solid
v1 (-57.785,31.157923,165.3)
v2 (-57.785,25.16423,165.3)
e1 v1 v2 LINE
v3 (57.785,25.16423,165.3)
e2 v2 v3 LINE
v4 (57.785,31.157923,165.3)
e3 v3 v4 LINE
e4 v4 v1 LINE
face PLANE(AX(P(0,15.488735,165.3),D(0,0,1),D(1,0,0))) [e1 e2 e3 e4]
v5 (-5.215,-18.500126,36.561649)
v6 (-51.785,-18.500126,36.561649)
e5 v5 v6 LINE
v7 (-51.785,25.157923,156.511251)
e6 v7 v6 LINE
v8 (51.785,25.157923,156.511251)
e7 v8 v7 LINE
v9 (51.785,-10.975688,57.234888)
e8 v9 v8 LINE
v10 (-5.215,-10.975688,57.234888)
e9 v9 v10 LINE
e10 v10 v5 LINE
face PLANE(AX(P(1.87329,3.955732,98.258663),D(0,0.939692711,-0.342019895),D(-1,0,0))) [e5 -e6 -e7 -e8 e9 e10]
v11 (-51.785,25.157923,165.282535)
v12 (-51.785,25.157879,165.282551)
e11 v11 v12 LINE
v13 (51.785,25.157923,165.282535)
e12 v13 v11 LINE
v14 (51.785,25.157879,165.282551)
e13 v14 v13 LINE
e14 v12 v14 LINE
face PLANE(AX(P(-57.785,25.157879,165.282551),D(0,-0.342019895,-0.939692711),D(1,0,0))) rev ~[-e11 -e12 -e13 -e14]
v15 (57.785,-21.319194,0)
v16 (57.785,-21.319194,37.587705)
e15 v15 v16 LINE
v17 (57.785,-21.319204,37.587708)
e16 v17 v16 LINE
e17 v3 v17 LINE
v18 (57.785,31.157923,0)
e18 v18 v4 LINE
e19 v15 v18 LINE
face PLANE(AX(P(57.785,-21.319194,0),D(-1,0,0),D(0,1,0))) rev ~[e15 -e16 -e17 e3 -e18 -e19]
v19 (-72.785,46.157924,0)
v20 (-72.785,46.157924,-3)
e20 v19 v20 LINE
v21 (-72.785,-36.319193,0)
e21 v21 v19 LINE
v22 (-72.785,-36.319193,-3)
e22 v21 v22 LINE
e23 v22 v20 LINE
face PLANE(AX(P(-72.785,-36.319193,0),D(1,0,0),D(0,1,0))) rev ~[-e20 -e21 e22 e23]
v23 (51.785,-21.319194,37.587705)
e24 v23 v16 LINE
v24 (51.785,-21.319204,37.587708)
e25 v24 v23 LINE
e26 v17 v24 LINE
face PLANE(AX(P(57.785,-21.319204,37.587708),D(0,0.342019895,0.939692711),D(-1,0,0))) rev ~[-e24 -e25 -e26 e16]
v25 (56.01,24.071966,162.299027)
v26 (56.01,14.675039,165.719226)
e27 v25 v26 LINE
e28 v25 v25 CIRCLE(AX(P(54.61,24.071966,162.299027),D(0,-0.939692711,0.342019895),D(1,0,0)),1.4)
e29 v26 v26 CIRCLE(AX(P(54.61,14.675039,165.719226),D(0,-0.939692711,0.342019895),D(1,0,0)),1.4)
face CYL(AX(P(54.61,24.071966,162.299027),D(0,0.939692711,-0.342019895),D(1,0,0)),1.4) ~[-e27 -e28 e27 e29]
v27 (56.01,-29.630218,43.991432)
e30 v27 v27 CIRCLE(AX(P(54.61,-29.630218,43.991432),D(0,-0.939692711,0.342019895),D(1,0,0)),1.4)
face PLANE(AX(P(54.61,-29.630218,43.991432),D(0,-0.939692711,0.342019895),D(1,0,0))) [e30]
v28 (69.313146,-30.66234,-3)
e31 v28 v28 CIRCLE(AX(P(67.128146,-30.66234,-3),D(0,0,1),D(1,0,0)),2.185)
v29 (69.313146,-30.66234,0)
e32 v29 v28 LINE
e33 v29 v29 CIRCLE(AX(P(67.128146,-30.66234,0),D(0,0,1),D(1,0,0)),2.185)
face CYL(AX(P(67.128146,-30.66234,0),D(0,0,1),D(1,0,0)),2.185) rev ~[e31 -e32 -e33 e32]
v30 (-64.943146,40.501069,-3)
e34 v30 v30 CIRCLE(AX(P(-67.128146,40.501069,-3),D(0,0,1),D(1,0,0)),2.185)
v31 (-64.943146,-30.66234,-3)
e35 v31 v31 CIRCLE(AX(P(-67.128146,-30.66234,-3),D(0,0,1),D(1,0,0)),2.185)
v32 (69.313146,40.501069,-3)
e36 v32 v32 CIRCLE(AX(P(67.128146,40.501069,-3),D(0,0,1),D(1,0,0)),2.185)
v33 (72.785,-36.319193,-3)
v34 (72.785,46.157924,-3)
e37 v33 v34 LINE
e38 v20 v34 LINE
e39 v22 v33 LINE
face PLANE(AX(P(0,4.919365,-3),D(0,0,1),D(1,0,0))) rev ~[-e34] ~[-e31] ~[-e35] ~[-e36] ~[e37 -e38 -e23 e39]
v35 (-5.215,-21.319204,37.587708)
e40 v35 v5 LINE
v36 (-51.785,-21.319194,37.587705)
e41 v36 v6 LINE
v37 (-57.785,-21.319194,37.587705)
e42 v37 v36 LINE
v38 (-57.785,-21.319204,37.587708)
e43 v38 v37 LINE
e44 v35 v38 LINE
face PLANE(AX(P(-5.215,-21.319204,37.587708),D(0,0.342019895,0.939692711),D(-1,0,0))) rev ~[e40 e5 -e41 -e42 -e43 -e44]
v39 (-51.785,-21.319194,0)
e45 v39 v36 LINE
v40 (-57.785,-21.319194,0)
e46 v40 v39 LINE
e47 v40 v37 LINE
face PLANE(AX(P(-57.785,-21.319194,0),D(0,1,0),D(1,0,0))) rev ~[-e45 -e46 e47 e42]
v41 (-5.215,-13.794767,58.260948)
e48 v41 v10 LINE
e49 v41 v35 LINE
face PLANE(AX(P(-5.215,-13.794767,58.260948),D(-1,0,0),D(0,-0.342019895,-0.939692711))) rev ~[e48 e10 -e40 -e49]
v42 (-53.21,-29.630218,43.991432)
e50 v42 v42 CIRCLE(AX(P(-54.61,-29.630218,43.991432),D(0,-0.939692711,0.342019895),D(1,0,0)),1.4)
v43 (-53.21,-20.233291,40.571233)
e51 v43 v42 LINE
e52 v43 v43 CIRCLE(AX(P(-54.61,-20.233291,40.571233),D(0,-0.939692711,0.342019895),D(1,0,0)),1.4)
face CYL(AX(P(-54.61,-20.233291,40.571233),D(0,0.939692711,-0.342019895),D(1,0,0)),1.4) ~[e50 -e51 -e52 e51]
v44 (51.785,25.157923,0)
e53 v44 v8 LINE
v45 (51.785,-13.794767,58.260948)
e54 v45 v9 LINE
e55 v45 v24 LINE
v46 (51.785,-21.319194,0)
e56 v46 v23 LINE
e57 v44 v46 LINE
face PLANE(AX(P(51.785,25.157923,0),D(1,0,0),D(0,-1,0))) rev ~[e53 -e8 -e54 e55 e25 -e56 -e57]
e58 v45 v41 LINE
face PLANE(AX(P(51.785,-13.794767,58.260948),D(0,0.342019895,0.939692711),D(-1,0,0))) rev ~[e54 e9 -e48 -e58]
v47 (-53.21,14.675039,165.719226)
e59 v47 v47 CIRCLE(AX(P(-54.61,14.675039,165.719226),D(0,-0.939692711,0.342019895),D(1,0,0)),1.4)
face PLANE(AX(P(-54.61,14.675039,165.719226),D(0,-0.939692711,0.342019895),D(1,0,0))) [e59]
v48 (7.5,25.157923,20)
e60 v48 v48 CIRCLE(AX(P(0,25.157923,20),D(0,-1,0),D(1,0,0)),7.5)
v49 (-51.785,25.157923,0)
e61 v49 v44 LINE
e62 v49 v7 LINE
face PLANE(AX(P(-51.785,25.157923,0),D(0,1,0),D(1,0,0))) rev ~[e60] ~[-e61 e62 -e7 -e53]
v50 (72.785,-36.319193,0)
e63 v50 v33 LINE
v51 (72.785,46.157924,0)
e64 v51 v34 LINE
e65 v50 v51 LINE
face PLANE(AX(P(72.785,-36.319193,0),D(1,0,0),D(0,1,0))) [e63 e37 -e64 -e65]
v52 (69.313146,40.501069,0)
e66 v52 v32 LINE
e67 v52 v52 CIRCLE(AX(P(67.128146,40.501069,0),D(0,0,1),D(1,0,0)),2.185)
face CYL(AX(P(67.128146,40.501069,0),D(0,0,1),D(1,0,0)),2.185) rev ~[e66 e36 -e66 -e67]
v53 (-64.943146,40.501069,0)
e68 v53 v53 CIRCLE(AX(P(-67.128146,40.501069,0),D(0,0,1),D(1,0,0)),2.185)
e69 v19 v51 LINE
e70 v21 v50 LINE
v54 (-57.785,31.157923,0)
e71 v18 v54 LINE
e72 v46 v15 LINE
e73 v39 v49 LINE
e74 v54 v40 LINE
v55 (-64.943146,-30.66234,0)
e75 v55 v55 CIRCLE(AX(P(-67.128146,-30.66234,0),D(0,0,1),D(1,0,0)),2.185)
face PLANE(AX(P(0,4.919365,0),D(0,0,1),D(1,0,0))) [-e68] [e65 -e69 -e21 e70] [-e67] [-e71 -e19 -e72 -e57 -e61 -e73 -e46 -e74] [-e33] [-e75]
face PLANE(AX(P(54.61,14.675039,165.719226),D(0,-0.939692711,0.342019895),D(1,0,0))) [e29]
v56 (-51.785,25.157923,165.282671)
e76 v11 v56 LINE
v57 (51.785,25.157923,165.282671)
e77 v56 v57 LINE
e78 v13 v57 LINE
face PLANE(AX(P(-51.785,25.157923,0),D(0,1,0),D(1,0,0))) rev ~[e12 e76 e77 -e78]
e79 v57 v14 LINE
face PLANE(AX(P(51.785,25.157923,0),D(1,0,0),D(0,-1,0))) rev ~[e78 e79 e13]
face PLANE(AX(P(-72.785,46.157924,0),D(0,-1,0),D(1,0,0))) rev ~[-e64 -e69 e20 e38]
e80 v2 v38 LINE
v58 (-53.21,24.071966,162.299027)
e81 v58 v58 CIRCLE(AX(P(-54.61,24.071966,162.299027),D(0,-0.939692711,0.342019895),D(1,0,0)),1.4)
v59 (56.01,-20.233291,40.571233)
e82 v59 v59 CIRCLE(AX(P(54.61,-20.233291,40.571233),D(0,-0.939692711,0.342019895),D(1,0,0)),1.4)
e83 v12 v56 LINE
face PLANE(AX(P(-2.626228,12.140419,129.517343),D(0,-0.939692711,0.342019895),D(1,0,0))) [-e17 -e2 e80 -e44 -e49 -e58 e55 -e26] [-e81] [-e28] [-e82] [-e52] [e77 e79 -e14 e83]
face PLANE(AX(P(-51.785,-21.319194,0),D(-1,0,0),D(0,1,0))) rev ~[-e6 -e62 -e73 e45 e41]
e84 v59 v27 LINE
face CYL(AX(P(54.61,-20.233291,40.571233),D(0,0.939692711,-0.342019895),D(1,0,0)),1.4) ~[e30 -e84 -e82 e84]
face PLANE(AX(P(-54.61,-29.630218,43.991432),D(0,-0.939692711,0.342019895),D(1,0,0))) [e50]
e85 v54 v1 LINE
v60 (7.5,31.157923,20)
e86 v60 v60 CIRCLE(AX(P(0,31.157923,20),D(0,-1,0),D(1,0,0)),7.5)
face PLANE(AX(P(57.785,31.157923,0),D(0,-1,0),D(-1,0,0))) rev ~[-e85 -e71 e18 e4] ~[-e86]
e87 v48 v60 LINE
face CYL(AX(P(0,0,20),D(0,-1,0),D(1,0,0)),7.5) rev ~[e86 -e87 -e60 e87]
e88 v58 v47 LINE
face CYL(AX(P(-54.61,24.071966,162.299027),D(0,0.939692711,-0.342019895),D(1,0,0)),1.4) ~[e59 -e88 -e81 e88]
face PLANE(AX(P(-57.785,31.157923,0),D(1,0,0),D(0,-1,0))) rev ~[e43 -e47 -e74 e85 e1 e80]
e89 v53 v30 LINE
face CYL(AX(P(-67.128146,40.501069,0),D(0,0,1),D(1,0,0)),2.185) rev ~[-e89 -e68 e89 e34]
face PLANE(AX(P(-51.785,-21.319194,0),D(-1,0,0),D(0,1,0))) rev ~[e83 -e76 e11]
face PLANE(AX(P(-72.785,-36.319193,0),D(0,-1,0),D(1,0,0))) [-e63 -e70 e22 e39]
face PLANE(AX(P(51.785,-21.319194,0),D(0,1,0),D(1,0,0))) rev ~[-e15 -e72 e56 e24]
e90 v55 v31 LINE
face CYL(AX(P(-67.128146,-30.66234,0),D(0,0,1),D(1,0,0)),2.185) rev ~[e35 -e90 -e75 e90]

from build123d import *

# Parameters (mm, degrees)
SKETCH001_W     = 145.57
SKETCH001_H     = 82.477117
SKETCH001_R     = 2.185
PAD_DEPTH       = 3
PAD001_DEPTH    = 165.3
SKETCH004_W     = 328.820023
SKETCH004_H     = 275.658927
POCKET_DEPTH    = 200
PAD002_DEPTH    = 3
SKETCH003_R     = 1.4
PAD003_DEPTH    = 10
SKETCH005_R     = 7.5
POCKET001_DEPTH = 46.158923


with BuildPart() as part:
    # Sketch001 → Pad (new body)
    with BuildSketch(Plane.XY):
        with Locations((0, 4.919365)):
            Rectangle(SKETCH001_W, SKETCH001_H)
        with Locations((-67.128146, 40.501069)):
            Circle(SKETCH001_R, mode=Mode.SUBTRACT)
        with Locations((67.128146, 40.501069)):
            Circle(SKETCH001_R, mode=Mode.SUBTRACT)
        with Locations((67.128146, -30.66234)):
            Circle(SKETCH001_R, mode=Mode.SUBTRACT)
        with Locations((-67.128146, -30.66234)):
            Circle(SKETCH001_R, mode=Mode.SUBTRACT)
    extrude(amount=-PAD_DEPTH)

    # Sketch → Pad001 (join)
    with BuildSketch(Plane.XY):
        Polygon((51.785, -21.319194), (57.785, -21.319194), (57.785, 31.157923), (-57.785, 31.157923), (-57.785, -21.319194), (-51.785, -21.319194), (-51.785, 25.157923), (51.785, 25.157923), align=None)
    extrude(amount=PAD001_DEPTH)

    # Sketch004 (on DatumPlane) → Pocket (cut)
    with BuildSketch(Plane(origin=(0, -35, 0), x_dir=(1, 0, 0), z_dir=(0, -0.939693, 0.34202))):
        with Locations((-2.626228, 137.829464)):
            Rectangle(SKETCH004_W, SKETCH004_H)
    extrude(amount=POCKET_DEPTH, mode=Mode.SUBTRACT)

    # Sketch002 (on DatumPlane) → Pad002 (join)
    with BuildSketch(Plane(origin=(0, -35, 0), x_dir=(1, 0, 0), z_dir=(0, -0.939693, 0.34202))):
        Polygon((-57.785, 175.89), (57.785, 175.89), (57.785, 40), (51.785, 40), (51.785, 62), (-5.215, 62), (-5.215, 40), (-57.785, 40), align=None)
    extrude(amount=-PAD002_DEPTH)

    # Sketch003 (on DatumPlane) → Pad003 (join)
    with BuildSketch(Plane(origin=(0, -35, 0), x_dir=(1, 0, 0), z_dir=(0, -0.939693, 0.34202))):
        with Locations((-54.61, 172.715)):
            Circle(SKETCH003_R)
        with Locations((54.61, 172.715)):
            Circle(SKETCH003_R)
        with Locations((54.61, 43.175)):
            Circle(SKETCH003_R)
        with Locations((-54.61, 43.175)):
            Circle(SKETCH003_R)
    extrude(amount=PAD003_DEPTH)

    # Sketch005 → Pocket001 (cut, through all)
    with BuildSketch(Plane.XZ):
        with Locations((0, 20)):
            Circle(SKETCH005_R)
    extrude(amount=-POCKET001_DEPTH, mode=Mode.SUBTRACT)


solid = part.part
